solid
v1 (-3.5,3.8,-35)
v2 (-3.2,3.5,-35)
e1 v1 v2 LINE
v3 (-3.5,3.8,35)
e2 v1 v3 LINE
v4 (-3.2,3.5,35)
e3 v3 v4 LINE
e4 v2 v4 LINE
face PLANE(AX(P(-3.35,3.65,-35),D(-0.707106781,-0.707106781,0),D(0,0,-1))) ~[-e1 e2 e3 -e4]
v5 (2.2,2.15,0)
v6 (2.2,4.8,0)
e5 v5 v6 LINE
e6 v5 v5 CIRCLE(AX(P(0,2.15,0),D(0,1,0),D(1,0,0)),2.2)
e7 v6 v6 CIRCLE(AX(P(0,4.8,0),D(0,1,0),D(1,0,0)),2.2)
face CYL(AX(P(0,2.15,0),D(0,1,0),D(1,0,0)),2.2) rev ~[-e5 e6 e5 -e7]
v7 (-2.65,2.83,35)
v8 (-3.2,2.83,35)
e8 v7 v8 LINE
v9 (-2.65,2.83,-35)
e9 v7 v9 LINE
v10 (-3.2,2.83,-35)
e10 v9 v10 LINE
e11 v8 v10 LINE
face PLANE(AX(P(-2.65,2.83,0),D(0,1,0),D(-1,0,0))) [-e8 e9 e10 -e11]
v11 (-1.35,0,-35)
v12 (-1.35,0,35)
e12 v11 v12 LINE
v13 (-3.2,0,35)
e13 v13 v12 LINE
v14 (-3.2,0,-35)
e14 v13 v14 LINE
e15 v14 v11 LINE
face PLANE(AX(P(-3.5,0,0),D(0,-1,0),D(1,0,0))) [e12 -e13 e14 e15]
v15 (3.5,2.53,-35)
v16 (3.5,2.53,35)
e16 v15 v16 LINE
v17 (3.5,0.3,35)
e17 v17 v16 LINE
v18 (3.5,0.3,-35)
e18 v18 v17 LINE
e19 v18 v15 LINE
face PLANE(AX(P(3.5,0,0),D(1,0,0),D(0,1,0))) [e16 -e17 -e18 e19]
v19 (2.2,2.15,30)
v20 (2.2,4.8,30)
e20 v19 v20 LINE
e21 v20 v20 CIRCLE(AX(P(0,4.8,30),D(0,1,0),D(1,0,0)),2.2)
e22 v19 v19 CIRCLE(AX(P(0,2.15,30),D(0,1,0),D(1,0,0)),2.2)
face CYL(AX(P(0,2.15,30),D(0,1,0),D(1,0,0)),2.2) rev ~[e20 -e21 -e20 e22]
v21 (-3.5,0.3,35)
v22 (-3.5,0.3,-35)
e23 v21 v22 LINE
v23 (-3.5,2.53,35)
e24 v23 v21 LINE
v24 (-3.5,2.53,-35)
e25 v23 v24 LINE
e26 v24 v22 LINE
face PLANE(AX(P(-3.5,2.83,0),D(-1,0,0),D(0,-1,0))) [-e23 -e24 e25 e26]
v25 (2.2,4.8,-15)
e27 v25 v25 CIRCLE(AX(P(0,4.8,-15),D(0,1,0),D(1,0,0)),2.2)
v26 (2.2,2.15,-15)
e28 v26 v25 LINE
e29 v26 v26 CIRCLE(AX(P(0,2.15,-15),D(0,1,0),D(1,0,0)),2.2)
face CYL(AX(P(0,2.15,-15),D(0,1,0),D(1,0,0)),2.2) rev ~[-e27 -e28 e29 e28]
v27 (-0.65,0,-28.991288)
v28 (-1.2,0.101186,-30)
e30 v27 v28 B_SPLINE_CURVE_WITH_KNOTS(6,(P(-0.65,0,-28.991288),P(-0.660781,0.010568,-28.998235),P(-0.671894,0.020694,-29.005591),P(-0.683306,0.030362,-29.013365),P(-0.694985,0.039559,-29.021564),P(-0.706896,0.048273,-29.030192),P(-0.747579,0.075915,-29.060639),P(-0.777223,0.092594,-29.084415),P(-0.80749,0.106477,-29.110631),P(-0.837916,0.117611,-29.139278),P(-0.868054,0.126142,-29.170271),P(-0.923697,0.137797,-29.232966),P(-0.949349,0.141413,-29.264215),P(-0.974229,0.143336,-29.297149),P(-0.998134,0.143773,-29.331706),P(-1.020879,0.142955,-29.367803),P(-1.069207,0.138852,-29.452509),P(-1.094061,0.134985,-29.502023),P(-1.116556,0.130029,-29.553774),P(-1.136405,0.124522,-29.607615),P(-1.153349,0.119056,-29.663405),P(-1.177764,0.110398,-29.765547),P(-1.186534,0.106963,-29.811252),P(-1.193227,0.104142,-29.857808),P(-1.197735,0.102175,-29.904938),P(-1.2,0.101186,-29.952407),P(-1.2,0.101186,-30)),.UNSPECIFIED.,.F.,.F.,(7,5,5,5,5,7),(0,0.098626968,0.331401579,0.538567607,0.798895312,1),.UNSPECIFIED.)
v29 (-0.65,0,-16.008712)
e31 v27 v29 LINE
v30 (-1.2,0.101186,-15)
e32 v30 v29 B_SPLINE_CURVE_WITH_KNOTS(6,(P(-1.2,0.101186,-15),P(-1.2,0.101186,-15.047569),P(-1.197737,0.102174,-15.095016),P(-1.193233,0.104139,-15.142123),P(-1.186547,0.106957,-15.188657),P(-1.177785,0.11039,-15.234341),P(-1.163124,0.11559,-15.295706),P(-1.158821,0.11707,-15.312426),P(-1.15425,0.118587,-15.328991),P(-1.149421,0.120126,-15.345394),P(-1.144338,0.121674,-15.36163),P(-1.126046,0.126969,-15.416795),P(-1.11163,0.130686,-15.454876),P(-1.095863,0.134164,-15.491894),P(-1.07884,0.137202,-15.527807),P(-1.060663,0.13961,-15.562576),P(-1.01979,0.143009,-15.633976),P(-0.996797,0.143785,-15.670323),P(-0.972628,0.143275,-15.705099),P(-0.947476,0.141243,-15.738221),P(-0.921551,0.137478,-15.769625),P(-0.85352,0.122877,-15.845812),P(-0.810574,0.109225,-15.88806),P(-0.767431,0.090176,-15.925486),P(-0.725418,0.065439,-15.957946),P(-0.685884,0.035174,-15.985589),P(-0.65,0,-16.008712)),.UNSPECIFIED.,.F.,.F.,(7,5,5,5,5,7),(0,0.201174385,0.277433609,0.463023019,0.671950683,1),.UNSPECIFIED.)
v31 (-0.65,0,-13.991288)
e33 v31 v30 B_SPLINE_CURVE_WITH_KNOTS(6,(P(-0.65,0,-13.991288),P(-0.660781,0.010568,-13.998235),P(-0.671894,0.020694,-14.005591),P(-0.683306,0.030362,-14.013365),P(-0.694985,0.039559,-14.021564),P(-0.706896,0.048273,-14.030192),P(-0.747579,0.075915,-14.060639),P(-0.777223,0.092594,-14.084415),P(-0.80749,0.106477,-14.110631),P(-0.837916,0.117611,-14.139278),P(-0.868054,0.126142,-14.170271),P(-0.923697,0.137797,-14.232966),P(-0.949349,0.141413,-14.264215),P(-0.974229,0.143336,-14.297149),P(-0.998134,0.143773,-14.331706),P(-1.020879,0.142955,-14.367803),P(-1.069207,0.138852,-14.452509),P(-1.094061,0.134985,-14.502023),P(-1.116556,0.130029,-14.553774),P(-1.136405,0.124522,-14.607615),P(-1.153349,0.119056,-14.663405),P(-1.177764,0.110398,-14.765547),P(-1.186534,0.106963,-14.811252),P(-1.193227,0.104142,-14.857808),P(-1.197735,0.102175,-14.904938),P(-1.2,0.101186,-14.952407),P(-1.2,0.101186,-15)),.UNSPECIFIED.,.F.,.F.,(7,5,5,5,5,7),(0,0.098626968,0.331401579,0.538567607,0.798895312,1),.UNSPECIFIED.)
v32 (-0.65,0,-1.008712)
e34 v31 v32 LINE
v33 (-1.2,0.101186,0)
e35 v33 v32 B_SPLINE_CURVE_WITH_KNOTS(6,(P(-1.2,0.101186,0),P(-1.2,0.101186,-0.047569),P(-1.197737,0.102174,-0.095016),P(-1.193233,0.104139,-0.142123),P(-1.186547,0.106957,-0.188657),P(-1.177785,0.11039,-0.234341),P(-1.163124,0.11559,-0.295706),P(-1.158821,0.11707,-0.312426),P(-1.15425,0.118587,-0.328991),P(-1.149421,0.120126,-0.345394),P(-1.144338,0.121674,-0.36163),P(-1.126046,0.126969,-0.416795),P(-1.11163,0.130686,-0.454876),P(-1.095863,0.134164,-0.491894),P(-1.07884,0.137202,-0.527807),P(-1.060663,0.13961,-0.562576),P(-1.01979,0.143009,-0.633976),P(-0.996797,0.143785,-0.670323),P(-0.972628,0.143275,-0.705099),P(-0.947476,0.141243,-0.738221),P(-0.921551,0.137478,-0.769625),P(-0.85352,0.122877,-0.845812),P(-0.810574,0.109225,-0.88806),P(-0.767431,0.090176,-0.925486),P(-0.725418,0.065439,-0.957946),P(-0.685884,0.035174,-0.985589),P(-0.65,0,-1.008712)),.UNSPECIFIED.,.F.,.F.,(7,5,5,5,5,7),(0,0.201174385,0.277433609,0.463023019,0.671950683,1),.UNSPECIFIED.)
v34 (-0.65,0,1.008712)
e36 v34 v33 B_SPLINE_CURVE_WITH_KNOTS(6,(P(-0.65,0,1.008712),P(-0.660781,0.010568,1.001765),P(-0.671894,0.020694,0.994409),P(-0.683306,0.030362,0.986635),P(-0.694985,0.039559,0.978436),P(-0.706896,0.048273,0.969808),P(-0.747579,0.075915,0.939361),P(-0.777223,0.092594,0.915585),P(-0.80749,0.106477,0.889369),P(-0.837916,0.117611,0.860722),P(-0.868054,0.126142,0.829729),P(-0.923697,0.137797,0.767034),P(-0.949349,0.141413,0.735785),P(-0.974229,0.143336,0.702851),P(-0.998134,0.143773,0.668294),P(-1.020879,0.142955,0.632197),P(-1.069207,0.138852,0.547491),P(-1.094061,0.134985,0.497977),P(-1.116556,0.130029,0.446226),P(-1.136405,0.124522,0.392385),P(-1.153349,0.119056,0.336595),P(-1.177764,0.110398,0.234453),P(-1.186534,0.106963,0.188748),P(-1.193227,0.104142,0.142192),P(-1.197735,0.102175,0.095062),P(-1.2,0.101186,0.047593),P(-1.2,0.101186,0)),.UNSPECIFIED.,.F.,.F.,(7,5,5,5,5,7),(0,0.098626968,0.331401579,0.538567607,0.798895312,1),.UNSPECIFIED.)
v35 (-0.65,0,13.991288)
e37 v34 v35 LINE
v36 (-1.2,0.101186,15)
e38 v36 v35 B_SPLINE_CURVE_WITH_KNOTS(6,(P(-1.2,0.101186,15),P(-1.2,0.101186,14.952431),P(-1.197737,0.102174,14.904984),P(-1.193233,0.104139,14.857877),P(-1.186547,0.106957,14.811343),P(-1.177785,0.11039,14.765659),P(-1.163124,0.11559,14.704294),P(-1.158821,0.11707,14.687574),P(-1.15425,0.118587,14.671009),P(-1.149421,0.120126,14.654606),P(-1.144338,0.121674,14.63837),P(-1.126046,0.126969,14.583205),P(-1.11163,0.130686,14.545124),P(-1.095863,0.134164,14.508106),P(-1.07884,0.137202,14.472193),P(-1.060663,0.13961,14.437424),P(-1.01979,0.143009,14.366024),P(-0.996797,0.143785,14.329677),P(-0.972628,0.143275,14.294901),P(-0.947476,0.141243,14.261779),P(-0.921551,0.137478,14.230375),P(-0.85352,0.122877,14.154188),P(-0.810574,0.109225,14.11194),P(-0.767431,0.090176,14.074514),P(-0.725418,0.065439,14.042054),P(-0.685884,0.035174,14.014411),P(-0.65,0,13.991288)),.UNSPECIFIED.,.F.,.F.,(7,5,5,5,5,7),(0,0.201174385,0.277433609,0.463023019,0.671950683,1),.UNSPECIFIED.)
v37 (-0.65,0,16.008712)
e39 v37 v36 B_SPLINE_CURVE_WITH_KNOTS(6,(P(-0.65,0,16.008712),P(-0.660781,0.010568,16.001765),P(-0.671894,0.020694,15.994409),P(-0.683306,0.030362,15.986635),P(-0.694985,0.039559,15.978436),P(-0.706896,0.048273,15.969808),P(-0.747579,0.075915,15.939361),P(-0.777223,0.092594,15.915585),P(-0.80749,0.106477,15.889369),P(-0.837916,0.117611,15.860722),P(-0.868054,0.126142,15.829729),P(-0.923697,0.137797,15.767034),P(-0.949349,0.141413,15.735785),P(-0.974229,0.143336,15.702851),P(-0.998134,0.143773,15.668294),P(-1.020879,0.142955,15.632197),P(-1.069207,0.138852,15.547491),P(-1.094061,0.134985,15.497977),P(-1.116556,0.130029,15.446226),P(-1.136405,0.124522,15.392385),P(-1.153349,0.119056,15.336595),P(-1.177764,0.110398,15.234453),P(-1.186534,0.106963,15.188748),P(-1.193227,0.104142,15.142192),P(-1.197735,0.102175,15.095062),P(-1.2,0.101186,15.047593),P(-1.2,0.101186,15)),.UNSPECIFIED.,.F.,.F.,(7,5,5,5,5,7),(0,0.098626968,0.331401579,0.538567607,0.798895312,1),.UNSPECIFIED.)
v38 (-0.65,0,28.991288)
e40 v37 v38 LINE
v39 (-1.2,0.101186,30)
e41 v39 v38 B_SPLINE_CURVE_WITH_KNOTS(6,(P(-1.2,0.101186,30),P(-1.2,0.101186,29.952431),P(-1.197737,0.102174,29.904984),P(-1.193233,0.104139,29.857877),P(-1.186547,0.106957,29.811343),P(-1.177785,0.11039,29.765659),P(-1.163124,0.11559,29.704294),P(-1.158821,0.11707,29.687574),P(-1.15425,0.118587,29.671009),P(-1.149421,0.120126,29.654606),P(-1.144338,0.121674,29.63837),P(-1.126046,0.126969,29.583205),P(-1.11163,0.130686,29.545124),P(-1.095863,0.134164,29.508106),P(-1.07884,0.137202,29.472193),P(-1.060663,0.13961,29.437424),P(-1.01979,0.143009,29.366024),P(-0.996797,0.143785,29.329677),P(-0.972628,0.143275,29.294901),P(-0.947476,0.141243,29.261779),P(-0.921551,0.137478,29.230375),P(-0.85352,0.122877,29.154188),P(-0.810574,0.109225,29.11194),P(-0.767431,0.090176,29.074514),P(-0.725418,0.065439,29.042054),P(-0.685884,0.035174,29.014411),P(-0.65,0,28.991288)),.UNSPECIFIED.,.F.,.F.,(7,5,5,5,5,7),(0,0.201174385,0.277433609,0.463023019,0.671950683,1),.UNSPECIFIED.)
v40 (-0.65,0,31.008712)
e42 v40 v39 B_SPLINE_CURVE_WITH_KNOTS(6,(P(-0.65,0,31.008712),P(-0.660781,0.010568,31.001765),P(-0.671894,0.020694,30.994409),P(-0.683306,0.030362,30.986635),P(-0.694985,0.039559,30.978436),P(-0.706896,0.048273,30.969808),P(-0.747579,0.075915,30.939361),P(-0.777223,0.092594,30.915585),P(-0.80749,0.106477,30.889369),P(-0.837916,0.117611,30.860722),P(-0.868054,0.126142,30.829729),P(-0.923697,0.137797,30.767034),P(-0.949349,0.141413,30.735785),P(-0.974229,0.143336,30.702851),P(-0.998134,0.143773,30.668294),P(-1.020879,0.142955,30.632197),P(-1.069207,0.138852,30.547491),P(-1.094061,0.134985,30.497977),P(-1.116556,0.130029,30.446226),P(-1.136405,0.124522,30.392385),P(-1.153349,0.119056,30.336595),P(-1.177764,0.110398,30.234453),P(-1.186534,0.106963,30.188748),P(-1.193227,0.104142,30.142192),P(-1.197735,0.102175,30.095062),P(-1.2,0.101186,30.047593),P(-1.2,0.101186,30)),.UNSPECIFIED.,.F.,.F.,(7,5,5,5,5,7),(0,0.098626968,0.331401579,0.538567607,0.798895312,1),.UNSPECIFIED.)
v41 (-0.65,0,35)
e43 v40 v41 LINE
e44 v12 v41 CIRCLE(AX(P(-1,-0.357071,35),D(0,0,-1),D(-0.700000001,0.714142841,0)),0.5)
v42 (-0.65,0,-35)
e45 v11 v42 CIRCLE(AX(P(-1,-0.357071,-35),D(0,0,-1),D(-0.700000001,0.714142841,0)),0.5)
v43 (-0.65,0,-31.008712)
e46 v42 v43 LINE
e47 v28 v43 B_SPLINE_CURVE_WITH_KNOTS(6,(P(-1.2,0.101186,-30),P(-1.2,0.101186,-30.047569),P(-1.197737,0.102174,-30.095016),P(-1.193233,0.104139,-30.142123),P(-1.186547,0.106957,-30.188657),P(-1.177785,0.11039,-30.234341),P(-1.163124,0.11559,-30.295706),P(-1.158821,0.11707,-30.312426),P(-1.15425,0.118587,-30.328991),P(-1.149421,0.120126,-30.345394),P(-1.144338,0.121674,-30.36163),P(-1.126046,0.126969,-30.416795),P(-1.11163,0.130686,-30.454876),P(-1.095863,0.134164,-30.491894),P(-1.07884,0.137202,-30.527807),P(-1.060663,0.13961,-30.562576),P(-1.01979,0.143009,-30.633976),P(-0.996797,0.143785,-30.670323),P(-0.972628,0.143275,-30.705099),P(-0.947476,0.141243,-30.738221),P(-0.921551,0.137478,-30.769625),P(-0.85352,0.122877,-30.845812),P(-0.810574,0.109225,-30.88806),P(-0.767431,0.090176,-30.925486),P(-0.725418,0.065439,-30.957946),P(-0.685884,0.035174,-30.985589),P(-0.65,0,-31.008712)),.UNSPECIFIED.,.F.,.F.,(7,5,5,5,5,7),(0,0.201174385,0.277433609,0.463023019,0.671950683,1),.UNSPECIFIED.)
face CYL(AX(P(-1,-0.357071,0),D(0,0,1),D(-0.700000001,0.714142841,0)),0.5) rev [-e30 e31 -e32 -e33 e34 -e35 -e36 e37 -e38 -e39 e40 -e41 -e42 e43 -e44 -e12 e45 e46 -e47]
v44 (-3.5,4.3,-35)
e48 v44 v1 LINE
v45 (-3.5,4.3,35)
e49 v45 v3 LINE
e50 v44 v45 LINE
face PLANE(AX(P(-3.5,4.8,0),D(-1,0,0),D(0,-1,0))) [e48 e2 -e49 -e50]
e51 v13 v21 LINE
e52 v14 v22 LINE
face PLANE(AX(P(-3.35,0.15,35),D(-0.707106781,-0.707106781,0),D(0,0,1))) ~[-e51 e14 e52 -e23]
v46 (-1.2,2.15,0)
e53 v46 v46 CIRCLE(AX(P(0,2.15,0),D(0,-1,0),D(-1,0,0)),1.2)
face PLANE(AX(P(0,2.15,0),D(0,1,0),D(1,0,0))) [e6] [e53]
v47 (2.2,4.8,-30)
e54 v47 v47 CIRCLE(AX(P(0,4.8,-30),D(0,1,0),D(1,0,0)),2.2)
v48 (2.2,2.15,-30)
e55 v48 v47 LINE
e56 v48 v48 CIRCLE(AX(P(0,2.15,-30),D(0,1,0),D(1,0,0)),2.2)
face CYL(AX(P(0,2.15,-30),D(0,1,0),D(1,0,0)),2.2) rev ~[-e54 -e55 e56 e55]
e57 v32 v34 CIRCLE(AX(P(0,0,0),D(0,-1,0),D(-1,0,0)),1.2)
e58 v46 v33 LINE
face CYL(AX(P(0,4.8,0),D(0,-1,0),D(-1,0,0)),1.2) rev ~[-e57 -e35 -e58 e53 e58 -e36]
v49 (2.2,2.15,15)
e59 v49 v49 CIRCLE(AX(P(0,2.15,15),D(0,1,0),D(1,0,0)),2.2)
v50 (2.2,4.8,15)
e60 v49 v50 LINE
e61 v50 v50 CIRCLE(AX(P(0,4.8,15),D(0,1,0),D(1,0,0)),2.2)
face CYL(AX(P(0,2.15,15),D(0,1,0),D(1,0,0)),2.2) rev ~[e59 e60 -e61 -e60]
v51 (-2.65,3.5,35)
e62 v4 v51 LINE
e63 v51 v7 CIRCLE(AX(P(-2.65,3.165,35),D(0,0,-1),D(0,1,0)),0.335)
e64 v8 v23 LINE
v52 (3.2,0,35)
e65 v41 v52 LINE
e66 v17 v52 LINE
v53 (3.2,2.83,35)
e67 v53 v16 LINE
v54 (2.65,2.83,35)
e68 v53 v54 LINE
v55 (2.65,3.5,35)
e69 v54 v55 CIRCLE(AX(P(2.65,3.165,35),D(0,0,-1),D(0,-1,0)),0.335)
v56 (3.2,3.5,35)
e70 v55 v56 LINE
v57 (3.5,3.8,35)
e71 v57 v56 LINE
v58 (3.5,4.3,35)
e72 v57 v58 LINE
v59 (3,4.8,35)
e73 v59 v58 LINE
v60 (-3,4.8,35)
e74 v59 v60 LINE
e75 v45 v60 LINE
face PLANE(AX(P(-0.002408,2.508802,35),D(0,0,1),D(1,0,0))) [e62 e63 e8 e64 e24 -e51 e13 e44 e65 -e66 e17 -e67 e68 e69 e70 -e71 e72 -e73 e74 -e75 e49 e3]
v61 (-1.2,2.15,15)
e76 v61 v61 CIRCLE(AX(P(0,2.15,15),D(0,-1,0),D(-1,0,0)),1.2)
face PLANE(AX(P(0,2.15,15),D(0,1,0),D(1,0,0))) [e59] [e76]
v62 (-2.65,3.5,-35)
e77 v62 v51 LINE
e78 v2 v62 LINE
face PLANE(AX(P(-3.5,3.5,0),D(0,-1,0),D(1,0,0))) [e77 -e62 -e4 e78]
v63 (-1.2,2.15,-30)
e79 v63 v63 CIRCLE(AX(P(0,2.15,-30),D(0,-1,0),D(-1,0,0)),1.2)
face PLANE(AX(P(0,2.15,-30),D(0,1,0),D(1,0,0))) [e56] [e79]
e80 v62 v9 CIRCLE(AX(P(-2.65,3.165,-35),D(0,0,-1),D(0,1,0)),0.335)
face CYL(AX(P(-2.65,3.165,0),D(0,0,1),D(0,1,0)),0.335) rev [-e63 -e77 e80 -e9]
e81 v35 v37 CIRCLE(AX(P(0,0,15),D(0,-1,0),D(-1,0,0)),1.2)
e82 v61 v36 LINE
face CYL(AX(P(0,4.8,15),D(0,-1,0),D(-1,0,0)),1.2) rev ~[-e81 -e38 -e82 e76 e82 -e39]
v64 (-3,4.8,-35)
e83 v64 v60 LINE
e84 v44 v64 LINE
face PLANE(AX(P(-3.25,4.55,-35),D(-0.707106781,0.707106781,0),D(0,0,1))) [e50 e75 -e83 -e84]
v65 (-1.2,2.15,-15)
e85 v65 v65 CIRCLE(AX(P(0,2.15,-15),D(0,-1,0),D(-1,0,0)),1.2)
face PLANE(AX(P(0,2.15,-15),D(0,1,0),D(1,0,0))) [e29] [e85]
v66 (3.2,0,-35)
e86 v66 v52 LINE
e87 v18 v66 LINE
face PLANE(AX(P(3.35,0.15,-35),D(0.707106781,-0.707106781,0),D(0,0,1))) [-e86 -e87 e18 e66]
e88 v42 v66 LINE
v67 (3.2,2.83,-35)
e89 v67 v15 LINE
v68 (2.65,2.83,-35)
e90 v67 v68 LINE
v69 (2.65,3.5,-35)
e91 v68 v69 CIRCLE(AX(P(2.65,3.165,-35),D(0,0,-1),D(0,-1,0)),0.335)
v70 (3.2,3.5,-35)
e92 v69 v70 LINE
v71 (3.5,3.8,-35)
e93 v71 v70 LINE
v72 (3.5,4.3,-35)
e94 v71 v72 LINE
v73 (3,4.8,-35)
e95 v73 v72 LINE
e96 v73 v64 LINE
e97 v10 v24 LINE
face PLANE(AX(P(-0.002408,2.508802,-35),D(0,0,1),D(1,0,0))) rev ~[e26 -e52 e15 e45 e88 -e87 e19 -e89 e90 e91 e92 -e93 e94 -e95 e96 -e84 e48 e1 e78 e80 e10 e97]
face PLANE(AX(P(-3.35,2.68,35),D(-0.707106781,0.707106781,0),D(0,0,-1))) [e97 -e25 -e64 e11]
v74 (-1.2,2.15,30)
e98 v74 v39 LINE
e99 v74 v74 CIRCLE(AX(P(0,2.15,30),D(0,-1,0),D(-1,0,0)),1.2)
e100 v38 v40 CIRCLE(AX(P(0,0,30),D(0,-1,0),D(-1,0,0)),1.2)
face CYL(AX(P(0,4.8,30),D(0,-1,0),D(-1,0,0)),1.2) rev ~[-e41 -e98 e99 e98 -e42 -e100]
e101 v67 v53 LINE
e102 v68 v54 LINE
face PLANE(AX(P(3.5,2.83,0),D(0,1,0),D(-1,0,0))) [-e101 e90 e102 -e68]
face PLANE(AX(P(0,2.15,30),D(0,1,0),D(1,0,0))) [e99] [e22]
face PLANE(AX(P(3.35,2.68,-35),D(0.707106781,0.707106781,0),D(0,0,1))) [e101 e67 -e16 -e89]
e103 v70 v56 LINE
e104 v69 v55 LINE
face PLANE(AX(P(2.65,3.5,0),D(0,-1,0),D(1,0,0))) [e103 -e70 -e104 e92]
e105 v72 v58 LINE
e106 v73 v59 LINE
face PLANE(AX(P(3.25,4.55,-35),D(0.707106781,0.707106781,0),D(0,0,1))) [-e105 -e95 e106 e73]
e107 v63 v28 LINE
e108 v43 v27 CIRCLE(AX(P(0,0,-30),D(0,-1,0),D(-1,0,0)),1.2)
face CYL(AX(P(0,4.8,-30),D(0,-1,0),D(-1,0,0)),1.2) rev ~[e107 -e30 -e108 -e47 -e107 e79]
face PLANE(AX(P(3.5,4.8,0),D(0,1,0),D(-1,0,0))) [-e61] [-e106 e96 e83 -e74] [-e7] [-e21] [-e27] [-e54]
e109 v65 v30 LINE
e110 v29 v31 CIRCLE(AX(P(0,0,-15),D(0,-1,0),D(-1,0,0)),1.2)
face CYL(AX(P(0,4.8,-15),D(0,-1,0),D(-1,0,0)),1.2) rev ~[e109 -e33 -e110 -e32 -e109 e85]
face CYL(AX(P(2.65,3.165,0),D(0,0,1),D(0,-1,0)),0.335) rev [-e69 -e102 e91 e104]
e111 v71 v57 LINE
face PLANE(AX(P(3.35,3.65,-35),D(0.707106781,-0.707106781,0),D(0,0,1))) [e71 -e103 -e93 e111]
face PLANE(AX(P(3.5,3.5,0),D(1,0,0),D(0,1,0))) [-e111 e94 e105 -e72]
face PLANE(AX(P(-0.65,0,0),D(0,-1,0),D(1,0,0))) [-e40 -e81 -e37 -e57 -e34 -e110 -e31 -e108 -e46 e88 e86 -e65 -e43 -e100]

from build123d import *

# Parameters (mm, degrees)
BOSS_EXTRUDE1_DEPTH            = 35
CHAMFER1_SIZE                  = 0.5
CHAMFER2_SIZE                  = 0.3
CBORE_FOR_M2_SHCS1_D           = 2.4
CBORE_FOR_M2_SHCS1_CBORE_D     = 4.4
CBORE_FOR_M2_SHCS1_CBORE_DEPTH = 2.65
LPATTERN1_COUNT                = 5
LPATTERN1_PITCH                = 15


with BuildPart() as part:
    # Sketch3 → Boss-Extrude1 (new, symmetric)
    with BuildSketch(Plane.XY):
        with BuildLine():
            Line((-3.5, 0), (-1.35, 0))
            ThreePointArc((-1.35, 0), (-1, 0.142928579), (-0.65, 0))
            Line((-0.65, 0), (3.5, 0))
            Line((3.5, 0), (3.5, 2.83))
            Line((3.5, 2.83), (2.65, 2.83))
            ThreePointArc((2.65, 2.83), (2.315, 3.165), (2.65, 3.5))
            Line((2.65, 3.5), (3.5, 3.5))
            Line((3.5, 3.5), (3.5, 4.8))
            Line((3.5, 4.8), (-3.5, 4.8))
            Line((-3.5, 4.8), (-3.5, 3.5))
            Line((-3.5, 3.5), (-2.65, 3.5))
            ThreePointArc((-2.65, 3.5), (-2.315, 3.165), (-2.65, 2.83))
            Line((-2.65, 2.83), (-3.5, 2.83))
            Line((-3.5, 2.83), (-3.5, 0))
        make_face()
    extrude(amount=BOSS_EXTRUDE1_DEPTH, both=True)

    # Chamfer1
    chamfer1_edges = [part.edges().sort_by_distance(p)[0] for p in [
        (-3.5, 4.8, 0),
        (3.5, 4.8, 0),
    ]]
    chamfer(chamfer1_edges, length=CHAMFER1_SIZE)

    # Chamfer2
    chamfer2_edges = [part.edges().sort_by_distance(p)[0] for p in [
        (-3.5, 2.83, 0),
        (-3.5, 3.5, 0),
        (3.5, 3.5, 0),
        (3.5, 2.83, 0),
        (3.5, 0, 0),
        (-3.5, 0, 0),
    ]]
    chamfer(chamfer2_edges, length=CHAMFER2_SIZE)

    # CBORE for M2 SHCS1 (through all)
    with Locations(Plane(origin=(0, 4.8, 0), x_dir=(1, 0, 0), z_dir=(0, 1, 0))):
        with Locations((0, -30)):
            cbore_for_m2_shcs1 = CounterBoreHole(CBORE_FOR_M2_SHCS1_D / 2, CBORE_FOR_M2_SHCS1_CBORE_D / 2, CBORE_FOR_M2_SHCS1_CBORE_DEPTH)

    # LPattern1: CBORE for M2 SHCS1 ×5
    with Locations(*[(0, 0, -i * LPATTERN1_PITCH) for i in range(1, LPATTERN1_COUNT)]):
        add(cbore_for_m2_shcs1, mode=Mode.SUBTRACT)


solid = part.part
